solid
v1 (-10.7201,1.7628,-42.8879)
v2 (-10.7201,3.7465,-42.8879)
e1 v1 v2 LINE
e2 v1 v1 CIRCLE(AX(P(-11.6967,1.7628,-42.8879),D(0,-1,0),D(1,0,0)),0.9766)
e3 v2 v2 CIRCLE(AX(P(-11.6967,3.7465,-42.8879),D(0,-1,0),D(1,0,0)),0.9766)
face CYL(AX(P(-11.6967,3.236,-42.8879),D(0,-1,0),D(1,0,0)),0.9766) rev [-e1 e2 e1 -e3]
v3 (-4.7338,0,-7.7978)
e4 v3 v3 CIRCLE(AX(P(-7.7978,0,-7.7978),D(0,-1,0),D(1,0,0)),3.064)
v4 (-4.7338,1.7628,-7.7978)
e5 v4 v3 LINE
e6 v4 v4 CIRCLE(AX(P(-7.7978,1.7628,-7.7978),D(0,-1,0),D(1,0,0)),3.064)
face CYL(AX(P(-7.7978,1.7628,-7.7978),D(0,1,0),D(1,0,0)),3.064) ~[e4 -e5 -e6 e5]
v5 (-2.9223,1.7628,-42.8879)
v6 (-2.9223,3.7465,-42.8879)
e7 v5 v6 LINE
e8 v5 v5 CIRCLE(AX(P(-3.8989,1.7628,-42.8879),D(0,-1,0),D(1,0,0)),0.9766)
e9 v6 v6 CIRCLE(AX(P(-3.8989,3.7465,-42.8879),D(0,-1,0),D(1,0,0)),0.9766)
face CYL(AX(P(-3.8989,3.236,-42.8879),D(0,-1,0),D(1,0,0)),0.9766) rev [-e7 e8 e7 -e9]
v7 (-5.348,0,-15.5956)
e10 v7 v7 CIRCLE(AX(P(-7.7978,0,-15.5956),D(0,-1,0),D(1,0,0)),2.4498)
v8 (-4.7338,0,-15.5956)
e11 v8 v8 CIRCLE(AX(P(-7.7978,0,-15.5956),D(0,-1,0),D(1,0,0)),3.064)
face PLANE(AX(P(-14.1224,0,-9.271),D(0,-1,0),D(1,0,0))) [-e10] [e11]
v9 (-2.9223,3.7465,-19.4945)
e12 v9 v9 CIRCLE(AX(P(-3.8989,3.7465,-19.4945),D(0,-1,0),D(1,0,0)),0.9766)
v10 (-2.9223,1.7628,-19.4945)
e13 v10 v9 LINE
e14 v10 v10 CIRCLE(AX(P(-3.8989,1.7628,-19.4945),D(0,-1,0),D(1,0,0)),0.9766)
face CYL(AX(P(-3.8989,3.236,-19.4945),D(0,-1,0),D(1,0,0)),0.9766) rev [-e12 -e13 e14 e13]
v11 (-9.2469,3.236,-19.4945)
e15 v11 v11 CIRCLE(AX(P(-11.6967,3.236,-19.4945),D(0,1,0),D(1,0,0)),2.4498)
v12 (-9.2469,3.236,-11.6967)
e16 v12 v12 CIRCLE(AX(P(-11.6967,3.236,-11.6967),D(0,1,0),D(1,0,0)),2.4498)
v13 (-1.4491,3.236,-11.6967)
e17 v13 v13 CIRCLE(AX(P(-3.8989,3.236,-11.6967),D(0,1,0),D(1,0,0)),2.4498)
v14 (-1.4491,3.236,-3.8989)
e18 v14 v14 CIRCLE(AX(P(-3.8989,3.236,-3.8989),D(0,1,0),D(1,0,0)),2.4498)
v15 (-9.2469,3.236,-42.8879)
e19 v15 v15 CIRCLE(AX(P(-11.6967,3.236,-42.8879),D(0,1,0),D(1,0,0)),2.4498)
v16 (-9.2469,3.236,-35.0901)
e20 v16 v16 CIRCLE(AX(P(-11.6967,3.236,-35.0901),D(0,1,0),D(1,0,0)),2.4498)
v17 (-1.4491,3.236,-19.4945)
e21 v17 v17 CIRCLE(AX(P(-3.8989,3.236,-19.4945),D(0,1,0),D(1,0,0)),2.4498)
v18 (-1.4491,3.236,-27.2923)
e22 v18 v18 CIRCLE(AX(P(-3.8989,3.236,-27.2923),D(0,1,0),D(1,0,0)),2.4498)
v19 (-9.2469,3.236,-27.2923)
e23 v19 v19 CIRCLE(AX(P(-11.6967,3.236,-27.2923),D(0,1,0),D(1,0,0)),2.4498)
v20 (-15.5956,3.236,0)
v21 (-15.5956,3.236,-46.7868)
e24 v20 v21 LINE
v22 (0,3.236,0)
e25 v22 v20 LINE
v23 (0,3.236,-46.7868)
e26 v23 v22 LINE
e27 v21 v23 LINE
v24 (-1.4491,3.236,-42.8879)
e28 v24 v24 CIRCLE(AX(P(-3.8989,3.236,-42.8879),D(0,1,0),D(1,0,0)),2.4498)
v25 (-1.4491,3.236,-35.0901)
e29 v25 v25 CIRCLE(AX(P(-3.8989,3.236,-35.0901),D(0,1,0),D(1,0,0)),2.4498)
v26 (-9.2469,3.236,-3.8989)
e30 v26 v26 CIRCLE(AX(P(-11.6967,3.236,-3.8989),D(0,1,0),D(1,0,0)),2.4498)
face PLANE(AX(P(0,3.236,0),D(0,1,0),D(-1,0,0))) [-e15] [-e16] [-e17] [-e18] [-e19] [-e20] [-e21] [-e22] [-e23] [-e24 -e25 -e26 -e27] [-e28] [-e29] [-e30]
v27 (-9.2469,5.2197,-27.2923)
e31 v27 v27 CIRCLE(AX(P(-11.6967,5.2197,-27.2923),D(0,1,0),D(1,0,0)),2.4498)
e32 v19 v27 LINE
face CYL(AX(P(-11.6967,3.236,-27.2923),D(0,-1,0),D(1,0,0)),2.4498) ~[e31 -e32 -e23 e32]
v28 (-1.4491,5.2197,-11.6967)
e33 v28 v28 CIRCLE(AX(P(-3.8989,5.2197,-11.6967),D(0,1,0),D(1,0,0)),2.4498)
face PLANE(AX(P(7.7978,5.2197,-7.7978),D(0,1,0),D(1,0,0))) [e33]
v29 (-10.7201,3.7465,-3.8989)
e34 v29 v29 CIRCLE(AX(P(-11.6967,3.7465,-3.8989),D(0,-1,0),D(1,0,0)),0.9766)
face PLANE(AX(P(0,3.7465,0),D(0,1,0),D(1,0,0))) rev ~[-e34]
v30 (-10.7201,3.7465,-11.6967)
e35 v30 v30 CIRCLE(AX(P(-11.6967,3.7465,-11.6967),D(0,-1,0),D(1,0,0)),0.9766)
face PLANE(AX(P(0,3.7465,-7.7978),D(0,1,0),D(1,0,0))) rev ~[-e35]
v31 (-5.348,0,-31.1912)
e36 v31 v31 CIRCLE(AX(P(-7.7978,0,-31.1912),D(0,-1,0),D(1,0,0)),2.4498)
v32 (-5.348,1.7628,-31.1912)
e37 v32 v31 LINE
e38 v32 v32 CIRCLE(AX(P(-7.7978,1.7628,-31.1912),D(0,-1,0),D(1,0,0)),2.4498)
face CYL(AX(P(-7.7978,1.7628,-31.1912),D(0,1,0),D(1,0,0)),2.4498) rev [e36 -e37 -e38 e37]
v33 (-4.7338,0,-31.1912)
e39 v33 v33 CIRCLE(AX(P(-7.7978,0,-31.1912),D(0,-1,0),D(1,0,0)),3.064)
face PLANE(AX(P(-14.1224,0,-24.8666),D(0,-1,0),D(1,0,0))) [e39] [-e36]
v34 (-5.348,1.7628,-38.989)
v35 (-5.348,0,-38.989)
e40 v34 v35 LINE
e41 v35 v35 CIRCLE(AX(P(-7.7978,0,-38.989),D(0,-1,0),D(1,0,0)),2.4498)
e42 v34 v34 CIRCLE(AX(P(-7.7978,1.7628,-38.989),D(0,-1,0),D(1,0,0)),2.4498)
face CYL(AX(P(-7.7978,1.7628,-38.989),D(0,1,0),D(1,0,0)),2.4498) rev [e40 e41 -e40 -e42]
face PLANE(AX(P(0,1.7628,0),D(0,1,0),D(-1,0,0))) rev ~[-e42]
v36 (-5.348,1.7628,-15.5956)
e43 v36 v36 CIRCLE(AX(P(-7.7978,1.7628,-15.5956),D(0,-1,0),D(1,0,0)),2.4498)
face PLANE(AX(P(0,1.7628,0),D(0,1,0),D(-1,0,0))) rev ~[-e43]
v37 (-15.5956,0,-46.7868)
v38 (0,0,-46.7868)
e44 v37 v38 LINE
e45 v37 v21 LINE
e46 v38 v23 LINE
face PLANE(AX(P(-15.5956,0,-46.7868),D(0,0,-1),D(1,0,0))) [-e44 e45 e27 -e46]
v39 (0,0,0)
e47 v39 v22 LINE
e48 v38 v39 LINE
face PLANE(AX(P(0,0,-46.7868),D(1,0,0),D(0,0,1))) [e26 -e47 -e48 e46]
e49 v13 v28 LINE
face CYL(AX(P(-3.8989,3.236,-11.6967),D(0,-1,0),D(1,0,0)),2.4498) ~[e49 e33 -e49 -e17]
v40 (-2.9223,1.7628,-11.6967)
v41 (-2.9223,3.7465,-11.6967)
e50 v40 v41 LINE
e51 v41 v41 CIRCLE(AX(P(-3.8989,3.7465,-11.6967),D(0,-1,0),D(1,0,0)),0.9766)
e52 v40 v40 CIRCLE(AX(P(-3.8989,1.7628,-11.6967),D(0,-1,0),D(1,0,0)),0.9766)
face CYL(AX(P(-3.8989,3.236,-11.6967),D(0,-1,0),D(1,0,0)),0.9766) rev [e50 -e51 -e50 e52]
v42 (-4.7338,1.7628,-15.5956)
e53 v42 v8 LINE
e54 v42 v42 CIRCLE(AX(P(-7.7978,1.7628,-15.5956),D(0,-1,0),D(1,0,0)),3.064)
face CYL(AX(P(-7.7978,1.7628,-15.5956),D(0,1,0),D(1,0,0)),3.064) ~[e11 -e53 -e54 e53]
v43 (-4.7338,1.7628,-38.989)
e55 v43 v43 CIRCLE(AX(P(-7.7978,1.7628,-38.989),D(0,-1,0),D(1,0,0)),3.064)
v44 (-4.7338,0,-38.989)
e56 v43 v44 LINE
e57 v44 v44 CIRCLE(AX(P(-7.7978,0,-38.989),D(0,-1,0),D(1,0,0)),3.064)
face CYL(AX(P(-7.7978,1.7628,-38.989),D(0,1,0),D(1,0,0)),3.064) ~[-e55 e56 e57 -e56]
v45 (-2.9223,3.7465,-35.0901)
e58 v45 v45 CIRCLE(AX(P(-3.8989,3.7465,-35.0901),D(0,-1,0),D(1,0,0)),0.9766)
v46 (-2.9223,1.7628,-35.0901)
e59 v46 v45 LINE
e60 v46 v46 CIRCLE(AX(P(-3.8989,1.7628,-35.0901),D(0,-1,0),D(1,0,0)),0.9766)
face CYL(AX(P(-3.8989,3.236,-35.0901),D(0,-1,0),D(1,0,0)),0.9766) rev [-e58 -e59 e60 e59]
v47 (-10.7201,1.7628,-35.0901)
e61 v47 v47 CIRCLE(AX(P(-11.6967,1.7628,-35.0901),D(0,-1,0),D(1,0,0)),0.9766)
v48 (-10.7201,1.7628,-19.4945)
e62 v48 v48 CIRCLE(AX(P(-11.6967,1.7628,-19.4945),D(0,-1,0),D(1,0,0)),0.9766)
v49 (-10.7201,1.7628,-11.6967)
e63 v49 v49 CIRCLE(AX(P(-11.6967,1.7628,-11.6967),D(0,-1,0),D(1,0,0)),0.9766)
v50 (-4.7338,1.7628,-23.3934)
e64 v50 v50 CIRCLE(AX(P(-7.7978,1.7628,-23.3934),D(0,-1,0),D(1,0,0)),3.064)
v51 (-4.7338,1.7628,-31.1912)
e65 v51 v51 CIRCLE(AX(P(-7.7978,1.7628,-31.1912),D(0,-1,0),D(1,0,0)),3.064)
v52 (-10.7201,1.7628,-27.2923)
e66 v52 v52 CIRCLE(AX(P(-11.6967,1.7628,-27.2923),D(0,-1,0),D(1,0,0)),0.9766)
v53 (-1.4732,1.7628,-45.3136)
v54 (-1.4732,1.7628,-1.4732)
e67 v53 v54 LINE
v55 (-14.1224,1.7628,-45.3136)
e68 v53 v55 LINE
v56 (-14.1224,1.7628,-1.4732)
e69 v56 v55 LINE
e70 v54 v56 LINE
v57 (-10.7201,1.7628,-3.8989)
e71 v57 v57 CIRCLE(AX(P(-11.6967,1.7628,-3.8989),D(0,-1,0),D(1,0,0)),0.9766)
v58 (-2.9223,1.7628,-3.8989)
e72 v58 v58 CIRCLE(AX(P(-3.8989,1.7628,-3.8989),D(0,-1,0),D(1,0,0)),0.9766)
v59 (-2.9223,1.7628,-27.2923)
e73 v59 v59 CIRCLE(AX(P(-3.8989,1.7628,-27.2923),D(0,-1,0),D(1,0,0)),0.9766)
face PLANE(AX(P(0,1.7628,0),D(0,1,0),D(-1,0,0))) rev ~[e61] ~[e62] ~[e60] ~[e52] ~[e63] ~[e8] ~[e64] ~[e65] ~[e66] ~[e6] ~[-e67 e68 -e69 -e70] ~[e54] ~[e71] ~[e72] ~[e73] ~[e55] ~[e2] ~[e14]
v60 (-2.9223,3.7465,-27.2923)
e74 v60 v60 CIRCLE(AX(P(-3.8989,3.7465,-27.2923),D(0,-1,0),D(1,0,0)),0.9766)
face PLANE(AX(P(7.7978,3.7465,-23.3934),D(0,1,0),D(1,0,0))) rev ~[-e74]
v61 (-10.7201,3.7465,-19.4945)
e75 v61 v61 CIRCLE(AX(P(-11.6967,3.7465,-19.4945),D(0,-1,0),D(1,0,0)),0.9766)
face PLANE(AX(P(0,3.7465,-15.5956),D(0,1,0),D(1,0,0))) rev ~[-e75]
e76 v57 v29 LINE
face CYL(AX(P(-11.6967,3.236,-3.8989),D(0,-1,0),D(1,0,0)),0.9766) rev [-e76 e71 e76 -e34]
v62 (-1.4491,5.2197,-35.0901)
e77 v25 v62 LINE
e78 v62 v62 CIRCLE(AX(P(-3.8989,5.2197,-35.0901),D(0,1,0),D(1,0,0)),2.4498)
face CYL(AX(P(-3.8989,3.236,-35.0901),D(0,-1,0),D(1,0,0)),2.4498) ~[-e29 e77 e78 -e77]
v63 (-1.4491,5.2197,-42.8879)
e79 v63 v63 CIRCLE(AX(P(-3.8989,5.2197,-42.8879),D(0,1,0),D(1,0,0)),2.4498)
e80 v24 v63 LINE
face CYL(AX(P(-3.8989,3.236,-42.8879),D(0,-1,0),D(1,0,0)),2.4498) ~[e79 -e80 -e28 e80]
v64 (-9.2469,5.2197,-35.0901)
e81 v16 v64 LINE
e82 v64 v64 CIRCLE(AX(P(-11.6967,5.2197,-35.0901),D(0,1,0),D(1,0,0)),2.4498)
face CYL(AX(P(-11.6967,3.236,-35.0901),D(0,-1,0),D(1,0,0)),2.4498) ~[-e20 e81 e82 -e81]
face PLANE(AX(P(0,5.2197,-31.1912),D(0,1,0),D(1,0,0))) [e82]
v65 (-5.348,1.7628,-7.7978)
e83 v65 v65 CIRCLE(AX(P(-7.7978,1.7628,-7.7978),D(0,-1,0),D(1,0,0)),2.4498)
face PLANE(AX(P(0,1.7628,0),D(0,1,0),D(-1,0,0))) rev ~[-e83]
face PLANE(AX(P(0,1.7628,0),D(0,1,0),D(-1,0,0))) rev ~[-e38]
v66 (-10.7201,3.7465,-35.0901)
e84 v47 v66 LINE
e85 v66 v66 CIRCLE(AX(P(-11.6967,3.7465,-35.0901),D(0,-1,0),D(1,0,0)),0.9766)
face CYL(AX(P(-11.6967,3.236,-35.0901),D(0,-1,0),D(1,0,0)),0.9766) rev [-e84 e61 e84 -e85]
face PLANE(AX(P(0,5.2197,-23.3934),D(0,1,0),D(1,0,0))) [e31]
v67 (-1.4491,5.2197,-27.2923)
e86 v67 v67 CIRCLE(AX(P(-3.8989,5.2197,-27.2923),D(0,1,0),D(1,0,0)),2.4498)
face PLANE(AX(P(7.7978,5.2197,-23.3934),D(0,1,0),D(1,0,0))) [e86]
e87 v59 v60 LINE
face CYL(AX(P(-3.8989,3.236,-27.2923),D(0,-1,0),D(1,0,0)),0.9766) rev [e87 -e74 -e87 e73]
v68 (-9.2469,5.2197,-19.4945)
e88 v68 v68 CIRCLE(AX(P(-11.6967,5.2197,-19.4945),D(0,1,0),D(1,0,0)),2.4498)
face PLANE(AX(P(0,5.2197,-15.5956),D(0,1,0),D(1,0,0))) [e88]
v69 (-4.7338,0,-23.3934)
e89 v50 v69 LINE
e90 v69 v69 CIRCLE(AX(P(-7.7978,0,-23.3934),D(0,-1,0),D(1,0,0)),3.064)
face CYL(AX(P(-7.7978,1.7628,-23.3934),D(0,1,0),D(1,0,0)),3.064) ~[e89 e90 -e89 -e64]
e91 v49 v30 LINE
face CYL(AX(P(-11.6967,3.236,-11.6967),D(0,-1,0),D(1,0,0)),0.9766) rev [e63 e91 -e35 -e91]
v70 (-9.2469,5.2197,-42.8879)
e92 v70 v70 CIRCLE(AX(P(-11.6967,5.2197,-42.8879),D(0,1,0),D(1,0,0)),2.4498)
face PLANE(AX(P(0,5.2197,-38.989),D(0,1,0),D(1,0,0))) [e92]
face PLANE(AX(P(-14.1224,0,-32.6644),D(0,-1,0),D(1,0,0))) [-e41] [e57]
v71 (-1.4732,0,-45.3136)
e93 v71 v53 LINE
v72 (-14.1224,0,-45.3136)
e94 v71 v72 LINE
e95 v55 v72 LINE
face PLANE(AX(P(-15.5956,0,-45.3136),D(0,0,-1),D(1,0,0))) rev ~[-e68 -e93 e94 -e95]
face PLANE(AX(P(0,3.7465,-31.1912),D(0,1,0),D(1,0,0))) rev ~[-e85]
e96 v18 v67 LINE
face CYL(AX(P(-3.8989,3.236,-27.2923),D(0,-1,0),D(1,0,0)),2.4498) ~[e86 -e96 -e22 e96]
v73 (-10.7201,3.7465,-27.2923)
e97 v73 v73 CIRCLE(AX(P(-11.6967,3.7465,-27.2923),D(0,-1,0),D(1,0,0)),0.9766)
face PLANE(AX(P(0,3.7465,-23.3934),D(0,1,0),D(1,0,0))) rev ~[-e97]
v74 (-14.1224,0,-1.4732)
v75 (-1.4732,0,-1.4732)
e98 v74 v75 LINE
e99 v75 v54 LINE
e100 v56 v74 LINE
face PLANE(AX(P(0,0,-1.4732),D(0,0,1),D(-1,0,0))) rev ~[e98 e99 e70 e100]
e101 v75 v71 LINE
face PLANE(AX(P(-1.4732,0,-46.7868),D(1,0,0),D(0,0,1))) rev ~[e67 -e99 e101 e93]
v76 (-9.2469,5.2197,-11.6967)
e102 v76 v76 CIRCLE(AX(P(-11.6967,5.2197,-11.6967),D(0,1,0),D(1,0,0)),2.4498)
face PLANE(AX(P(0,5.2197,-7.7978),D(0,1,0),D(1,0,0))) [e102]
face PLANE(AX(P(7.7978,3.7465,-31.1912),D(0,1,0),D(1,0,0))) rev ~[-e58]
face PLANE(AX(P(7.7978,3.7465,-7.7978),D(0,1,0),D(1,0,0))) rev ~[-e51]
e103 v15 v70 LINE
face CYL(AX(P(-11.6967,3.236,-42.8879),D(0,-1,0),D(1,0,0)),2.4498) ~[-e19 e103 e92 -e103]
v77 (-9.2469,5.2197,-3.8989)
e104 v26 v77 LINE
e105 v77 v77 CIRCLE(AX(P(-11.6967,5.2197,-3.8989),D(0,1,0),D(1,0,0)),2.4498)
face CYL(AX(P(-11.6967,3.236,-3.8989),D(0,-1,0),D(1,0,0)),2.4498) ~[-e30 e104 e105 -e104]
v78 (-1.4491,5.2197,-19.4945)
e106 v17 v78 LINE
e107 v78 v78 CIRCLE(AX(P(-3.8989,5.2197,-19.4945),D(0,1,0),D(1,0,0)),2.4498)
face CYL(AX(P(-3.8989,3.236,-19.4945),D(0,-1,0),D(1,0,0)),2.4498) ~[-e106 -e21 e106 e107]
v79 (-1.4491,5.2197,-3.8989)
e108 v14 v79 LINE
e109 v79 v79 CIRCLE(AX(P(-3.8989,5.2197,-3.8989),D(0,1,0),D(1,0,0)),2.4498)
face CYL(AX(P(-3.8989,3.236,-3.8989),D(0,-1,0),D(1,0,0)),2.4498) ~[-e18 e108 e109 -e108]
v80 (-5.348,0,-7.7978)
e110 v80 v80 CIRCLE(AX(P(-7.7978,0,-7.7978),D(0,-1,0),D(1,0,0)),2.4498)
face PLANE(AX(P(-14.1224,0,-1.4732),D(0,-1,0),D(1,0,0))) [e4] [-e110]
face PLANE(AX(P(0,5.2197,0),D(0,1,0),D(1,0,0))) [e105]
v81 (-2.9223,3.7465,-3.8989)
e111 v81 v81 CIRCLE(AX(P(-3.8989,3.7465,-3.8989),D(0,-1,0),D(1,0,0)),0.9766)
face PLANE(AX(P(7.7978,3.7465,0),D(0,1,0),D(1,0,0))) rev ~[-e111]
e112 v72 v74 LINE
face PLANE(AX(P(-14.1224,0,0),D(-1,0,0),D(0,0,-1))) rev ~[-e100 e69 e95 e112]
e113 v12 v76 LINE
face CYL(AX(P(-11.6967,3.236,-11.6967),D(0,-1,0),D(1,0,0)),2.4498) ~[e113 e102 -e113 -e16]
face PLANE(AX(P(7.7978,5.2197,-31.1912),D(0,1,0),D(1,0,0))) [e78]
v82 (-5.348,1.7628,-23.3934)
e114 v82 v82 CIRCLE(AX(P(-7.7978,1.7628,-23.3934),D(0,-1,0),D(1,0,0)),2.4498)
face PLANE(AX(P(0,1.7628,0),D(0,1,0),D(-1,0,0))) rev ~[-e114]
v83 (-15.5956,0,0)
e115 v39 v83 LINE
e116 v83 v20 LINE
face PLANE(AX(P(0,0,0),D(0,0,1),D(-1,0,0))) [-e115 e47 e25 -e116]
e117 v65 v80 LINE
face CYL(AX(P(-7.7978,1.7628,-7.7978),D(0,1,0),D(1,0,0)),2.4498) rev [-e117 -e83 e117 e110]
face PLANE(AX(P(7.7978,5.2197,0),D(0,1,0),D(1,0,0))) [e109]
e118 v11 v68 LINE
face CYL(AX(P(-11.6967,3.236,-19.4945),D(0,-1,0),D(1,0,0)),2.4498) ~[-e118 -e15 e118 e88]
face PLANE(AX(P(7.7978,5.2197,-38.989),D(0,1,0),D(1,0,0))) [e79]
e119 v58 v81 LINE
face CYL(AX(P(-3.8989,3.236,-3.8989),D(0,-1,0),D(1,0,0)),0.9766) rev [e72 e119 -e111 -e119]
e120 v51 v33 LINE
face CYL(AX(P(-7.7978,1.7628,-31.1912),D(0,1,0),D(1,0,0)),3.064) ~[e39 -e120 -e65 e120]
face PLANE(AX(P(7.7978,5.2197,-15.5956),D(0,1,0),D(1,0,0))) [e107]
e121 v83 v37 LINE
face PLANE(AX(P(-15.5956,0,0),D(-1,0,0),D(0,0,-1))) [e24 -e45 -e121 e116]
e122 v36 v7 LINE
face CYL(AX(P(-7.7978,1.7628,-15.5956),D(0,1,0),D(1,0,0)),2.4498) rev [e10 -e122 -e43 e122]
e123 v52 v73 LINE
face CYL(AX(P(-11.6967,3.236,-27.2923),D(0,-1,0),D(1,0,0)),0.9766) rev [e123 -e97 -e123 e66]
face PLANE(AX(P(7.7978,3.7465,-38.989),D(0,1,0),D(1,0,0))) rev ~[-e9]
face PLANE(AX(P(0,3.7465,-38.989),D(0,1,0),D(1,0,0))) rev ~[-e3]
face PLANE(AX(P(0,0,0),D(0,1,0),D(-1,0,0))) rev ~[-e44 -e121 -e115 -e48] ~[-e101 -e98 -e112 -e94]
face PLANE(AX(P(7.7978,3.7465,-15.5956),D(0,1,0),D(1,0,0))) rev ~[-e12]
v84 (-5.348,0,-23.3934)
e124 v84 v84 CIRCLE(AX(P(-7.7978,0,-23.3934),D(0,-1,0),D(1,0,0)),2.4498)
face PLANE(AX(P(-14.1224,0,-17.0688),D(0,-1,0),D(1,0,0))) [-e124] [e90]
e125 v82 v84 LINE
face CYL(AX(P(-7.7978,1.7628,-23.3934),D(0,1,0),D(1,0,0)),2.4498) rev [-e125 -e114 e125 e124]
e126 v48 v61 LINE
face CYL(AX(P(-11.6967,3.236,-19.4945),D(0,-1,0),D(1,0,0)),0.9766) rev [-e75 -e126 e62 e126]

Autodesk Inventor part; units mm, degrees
ref_plane "YZ Plane" through (0, 0, 0) normal (1, 0, 0) x (0, 1, 0)
ref_plane "XZ Plane" through (0, 0, 0) normal (0, 1, 0) x (-1, 0, 0)
ref_plane "XY Plane" through (0, 0, 0) normal (0, 0, 1) x (1, 0, 0)
sketch "Sketch1" plane through (0, 0, 0) normal (0, 1, 0) x (-1, 0, 0)
  line L0 (0, 0) -> (15.5956, 0)
  line L1 (15.5956, 0) -> (15.5956, -46.7868)
  line L2 (15.5956, -46.7868) -> (0, -46.7868)
  line L3 (0, -46.7868) -> (0, 0)
  dimension "d0" = 15.5956
  dimension "d7" = 46.7868
extrude "Extrusion1" add sketch "Sketch1" along normal blind 3.236
sketch "Sketch2" plane through (0, 3.236, 0) normal (0, 1, 0) x (1, 0, 0)
  line L0 (-15.5956, 0) -> (0, 0) construction
  line L1 (-15.5956, 0) -> (-11.6967, 0) construction
  line L2 (-11.6967, 0) -> (-11.6967, 3.8989) construction
  line L3 (-11.6967, 3.8989) -> (-15.5956, 3.8989) construction
  line L4 (-15.5956, 3.8989) -> (-15.5956, 0) construction
  circle A0 centre (-11.6967, 3.8989) radius 2.4498
  dimension "d10" = 3.8989
  dimension "d11" = 3.8989
  dimension "d12" = 4.8997
extrude "Extrusion2" add sketch "Sketch2" along normal blind 1.9837
pattern_linear "Rectangular Pattern1" count 6 spacing 7.7978 along (0, 0, -1) count 2 spacing 7.7978 along (1, 0, 0) of "Extrusion2"
shell "Shell1" thickness 1.4732 removed faces 1 at (-5.1985, 0, -31.1912)
sketch "Sketch3" plane through (-14.1224, 1.7628, -1.4732) normal (0, -1, 0) x (1, 0, 0)
  circle A0 centre (10.2235, -2.4257) radius 2.4498 construction
  circle A1 centre (2.4257, -10.2235) radius 2.4498 construction
  line L0 (10.2235, -2.4257) -> (2.4257, -10.2235) construction
  circle A2 centre (6.3246, -6.3246) radius 3.064
  circle A3 centre (6.3246, -6.3246) radius 2.4498
  point P0 (14.1224, 1.4732)
  dimension "d22" = 4.8997
extrude "Extrusion3" add sketch "Sketch3" along normal up to surface (1.7628 mm away)
pattern_linear "Rectangular Pattern2" count 5 spacing 7.7978 along (0, 0, -1) of "Extrusion3"
equation "\"d0\" = 2 * d1"
equation "\"d7\" = 6 * d1"
equation "\"d8\" = d2"
equation "\"d10\" = 0.5 * d1"
equation "\"d11\" = 0.5 * d1"
equation "\"d12\" = d3"
equation "\"d13\" = d4"
equation "\"d17\" = d1"
equation "\"d20\" = d1"
equation "\"d21\" = d5"
equation "\"d22\" = d3"
equation "\"d23\" = d4"
equation "\"d27\" = d1"
equation "\"d1\" = 7.7978"
equation "\"d2\" = 3.23596"
equation "\"d3\" = 4.89966"
equation "\"d4\" = 1.98374"
equation "\"d5\" = 1.4732"
equation "\"d6\" = 1.23952"
properties part number "2x6 short white pegged" material "ABS Plastic"
